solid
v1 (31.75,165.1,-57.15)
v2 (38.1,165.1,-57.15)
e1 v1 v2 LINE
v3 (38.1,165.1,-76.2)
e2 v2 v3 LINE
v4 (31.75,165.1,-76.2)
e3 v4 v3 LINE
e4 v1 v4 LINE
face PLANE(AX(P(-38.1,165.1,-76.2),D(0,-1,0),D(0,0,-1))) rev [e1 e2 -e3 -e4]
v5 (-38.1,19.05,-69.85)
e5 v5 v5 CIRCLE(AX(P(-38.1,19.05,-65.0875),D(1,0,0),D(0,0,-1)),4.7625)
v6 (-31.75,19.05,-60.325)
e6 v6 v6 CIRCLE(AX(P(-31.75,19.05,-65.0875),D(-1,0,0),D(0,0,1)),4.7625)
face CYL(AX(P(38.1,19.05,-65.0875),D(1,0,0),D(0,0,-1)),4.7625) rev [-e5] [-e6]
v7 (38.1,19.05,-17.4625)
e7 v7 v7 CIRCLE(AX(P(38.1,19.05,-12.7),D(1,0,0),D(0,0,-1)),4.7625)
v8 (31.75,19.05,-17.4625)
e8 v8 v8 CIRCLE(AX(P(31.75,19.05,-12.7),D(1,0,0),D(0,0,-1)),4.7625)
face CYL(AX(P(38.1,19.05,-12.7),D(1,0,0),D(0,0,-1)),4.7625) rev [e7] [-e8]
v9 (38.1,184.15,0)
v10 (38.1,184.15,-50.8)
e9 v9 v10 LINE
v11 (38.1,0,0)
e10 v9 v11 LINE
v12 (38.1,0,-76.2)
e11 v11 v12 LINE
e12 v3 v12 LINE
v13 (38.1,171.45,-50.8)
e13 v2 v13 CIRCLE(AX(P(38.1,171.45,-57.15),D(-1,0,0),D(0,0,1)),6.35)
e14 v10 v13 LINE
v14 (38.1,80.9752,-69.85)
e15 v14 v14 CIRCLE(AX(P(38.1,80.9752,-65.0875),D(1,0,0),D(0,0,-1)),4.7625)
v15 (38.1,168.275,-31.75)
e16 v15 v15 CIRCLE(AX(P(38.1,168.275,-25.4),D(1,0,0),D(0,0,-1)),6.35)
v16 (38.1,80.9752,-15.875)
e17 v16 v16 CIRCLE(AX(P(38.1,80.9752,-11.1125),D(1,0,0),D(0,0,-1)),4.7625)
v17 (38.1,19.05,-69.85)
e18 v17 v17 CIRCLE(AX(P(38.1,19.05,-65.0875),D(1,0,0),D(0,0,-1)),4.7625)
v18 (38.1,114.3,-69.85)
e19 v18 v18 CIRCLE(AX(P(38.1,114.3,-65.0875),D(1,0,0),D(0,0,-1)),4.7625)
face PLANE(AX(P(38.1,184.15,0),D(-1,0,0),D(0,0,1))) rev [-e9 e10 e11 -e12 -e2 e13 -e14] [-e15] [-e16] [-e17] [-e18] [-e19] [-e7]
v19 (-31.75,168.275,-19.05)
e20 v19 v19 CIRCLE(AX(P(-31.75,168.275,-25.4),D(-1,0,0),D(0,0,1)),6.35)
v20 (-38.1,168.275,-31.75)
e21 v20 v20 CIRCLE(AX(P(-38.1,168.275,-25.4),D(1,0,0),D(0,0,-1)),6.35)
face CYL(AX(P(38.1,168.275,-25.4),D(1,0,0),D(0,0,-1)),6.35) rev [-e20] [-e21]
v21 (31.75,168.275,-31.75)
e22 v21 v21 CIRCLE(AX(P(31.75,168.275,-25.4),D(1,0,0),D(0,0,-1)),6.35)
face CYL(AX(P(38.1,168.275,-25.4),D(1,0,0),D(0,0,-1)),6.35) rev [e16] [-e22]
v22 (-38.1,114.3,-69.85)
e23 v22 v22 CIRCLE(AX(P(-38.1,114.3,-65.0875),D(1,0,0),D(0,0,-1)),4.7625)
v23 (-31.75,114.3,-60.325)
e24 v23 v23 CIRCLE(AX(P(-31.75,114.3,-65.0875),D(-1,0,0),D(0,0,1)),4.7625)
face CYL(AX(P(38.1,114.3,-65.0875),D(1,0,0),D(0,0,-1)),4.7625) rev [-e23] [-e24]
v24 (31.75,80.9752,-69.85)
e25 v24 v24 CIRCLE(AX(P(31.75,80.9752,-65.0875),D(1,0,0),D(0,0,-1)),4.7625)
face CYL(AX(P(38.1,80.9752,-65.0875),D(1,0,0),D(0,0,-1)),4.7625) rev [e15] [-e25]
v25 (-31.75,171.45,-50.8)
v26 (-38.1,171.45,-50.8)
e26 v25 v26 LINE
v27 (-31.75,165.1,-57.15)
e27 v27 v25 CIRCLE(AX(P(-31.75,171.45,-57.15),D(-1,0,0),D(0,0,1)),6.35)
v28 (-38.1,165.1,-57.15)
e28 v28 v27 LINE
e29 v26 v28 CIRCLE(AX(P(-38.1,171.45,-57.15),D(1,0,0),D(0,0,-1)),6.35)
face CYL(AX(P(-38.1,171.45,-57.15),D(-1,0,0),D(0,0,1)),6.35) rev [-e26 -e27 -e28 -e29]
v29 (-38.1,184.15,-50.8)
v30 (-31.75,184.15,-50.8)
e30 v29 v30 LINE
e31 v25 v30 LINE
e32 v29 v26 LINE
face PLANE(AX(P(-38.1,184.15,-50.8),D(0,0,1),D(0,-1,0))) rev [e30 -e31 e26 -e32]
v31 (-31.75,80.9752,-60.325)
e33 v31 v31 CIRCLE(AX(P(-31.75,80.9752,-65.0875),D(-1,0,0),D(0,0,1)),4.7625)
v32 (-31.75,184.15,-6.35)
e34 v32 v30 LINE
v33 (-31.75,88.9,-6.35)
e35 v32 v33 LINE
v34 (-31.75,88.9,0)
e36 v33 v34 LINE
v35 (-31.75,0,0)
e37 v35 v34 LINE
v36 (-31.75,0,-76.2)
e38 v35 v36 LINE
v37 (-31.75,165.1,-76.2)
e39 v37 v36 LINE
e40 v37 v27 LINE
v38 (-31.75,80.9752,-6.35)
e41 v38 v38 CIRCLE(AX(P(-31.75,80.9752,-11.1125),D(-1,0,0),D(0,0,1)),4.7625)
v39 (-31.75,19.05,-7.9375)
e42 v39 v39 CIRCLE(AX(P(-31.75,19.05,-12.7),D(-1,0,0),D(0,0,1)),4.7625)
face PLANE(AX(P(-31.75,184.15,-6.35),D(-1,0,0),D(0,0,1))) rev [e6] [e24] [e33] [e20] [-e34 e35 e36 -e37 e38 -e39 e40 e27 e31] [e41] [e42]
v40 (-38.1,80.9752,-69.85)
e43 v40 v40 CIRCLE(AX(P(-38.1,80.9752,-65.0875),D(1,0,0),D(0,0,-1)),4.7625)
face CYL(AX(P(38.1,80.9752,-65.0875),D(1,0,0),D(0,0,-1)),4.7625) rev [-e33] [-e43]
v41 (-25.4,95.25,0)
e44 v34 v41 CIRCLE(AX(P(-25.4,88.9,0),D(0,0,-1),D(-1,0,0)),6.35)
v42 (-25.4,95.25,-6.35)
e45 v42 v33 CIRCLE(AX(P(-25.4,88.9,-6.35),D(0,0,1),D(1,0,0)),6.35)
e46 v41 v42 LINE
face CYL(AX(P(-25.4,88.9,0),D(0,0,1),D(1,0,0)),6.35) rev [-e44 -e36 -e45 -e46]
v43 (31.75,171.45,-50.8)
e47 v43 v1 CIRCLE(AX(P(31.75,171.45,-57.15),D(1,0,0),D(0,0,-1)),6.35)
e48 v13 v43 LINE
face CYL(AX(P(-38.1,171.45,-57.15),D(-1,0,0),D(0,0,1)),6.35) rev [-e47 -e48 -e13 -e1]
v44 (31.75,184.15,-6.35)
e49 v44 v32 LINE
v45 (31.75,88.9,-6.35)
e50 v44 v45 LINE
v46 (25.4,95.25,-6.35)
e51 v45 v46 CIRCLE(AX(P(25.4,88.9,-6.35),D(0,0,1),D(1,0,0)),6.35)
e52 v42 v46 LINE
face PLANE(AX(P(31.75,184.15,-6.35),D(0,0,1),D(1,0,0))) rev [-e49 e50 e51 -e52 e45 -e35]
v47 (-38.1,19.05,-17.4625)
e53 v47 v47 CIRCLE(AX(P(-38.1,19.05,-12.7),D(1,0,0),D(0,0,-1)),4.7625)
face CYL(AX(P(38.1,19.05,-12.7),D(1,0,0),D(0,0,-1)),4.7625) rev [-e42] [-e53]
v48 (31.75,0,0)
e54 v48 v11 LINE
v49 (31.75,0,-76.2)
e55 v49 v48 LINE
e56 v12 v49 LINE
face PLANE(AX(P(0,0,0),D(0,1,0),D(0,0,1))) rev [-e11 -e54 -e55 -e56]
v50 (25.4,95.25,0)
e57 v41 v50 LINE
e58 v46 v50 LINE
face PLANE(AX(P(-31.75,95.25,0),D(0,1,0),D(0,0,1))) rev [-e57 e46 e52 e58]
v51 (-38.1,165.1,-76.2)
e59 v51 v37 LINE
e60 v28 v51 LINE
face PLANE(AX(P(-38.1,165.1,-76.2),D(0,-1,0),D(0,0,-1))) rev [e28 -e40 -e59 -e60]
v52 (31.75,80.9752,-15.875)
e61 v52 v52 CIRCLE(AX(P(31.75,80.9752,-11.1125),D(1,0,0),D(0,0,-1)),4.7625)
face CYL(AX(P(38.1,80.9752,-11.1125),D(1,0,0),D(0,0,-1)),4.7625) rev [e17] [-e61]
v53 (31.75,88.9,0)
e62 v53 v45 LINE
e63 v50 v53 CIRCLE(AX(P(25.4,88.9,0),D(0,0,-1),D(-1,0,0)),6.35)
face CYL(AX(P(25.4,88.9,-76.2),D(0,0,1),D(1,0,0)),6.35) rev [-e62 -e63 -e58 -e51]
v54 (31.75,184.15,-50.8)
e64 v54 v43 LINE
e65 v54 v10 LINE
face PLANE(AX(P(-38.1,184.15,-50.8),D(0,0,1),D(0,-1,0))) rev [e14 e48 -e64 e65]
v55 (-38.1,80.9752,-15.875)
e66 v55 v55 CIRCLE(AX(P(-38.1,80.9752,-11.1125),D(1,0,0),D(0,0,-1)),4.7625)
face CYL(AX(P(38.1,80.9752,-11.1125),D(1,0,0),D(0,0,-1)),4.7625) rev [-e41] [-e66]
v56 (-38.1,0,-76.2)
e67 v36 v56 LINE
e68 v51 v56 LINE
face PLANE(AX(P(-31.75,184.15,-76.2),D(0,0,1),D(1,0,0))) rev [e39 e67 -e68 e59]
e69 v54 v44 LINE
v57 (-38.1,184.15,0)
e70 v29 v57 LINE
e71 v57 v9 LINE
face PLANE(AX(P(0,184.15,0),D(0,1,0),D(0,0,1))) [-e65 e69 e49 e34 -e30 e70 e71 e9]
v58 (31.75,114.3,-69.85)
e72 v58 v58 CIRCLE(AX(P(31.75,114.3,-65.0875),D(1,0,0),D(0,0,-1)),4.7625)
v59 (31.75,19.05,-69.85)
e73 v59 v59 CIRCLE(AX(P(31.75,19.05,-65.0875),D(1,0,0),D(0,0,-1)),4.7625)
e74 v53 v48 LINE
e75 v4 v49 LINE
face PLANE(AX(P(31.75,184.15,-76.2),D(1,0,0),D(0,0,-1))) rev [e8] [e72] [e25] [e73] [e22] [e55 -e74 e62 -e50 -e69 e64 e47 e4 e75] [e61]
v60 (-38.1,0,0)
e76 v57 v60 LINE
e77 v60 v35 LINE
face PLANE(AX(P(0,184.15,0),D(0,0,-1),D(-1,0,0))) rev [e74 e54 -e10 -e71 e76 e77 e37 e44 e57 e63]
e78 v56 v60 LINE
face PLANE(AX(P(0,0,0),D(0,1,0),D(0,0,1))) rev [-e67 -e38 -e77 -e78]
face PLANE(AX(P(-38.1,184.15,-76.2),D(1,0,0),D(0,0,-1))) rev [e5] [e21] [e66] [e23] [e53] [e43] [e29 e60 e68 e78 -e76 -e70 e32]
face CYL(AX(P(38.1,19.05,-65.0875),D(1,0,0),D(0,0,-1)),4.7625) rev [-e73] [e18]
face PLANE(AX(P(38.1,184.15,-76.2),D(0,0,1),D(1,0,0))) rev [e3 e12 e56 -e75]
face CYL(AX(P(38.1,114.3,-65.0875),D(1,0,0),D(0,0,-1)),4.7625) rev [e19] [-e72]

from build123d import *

# Parameters (mm, degrees)
BOSS_EXTRUDE1_DEPTH                 = 184.15
SKETCH2_W                           = 63.5
SKETCH2_H                           = 95.25
CUT_EXTRUDE1_DEPTH                  = 201.603726286
F_3_8_0_375_CLEARANCE_DOWEL_HOLE1_D = 9.525
SKETCH6_W                           = 25.4
SKETCH6_H                           = 19.05
CUT_EXTRUDE2_DEPTH                  = 214.363779728
F_1_2_0_5_DIAMETER_HOLE1_D          = 12.7
FILLET1_R                           = 6.35
F_3_8_0_375_CLAMP_ADJUST_HOLE_D     = 9.525
F_3_8_0_375_CLAMP_ADJUST_HOLE_DEPTH = 82.55
F_3_8_0_375_CLAMP_ADJUST_HOLE_TIP   = 2.861598698


with BuildPart() as part:
    # Sketch1 → Boss-Extrude1 (new body)
    with BuildSketch(Plane(origin=(0, 0, 0), x_dir=(1, 0, 0), z_dir=(0, 1, 0))):
        Polygon((-38.1, 76.2), (-38.1, 0), (0, 0), (38.1, 0), (38.1, 76.2), (31.75, 76.2), (31.75, 6.35), (-31.75, 6.35), (-31.75, 76.2), align=None)
    extrude(amount=BOSS_EXTRUDE1_DEPTH)

    # Sketch2 → Cut-Extrude1 (cut, through all)
    with BuildSketch(Plane(origin=(0, 0, -6.35), x_dir=(-1, 0, 0), z_dir=(0, 0, -1))):
        with Locations((0, 47.625)):
            Rectangle(SKETCH2_W, SKETCH2_H)
    extrude(amount=-CUT_EXTRUDE1_DEPTH, mode=Mode.SUBTRACT)

    # 3/8 (0.375) Clearance Dowel Hole1 (through all)
    with Locations(Plane(origin=(38.1, 0, 0), x_dir=(0, 0, -1), z_dir=(1, 0, 0))):
        with Locations((65.0875, 19.05), (12.7, 19.05), (65.0875, 114.3)):
            Hole(F_3_8_0_375_CLEARANCE_DOWEL_HOLE1_D / 2)

    # Sketch6 → Cut-Extrude2 (cut, through all)
    with BuildSketch(Plane(origin=(38.1, 0, 0), x_dir=(0, 0, -1), z_dir=(1, 0, 0))):
        with Locations((63.5, 174.625)):
            Rectangle(SKETCH6_W, SKETCH6_H)
    extrude(amount=-CUT_EXTRUDE2_DEPTH, mode=Mode.SUBTRACT)

    # 1/2 (0.5) Diameter Hole1 (through all)
    with Locations(Plane(origin=(38.1, 0, 0), x_dir=(0, 0, -1), z_dir=(1, 0, 0))):
        with Locations((25.4, 168.275)):
            Hole(F_1_2_0_5_DIAMETER_HOLE1_D / 2)

    # Fillet1
    fillet1_edges = [part.edges().sort_by_distance(p)[0] for p in [
        (-31.75, 95.25, -3.175),
        (31.75, 95.25, -3.175),
        (34.925, 165.1, -50.8),
        (-34.925, 165.1, -50.8),
    ]]
    fillet(fillet1_edges, radius=FILLET1_R)

    # 3/8 (0.375) Clamp Adjust Hole
    with Locations(Plane(origin=(38.1, 0, 0), x_dir=(0, 0, -1), z_dir=(1, 0, 0))):
        with Locations((11.1125, 80.9752), (65.0875, 80.9752)):
            Hole(F_3_8_0_375_CLAMP_ADJUST_HOLE_D / 2, depth=F_3_8_0_375_CLAMP_ADJUST_HOLE_DEPTH)
            with Locations((0, 0, -(F_3_8_0_375_CLAMP_ADJUST_HOLE_DEPTH + F_3_8_0_375_CLAMP_ADJUST_HOLE_TIP / 2))):  # 118° drill point
                Cone(0, F_3_8_0_375_CLAMP_ADJUST_HOLE_D / 2, F_3_8_0_375_CLAMP_ADJUST_HOLE_TIP, mode=Mode.SUBTRACT)


solid = part.part
